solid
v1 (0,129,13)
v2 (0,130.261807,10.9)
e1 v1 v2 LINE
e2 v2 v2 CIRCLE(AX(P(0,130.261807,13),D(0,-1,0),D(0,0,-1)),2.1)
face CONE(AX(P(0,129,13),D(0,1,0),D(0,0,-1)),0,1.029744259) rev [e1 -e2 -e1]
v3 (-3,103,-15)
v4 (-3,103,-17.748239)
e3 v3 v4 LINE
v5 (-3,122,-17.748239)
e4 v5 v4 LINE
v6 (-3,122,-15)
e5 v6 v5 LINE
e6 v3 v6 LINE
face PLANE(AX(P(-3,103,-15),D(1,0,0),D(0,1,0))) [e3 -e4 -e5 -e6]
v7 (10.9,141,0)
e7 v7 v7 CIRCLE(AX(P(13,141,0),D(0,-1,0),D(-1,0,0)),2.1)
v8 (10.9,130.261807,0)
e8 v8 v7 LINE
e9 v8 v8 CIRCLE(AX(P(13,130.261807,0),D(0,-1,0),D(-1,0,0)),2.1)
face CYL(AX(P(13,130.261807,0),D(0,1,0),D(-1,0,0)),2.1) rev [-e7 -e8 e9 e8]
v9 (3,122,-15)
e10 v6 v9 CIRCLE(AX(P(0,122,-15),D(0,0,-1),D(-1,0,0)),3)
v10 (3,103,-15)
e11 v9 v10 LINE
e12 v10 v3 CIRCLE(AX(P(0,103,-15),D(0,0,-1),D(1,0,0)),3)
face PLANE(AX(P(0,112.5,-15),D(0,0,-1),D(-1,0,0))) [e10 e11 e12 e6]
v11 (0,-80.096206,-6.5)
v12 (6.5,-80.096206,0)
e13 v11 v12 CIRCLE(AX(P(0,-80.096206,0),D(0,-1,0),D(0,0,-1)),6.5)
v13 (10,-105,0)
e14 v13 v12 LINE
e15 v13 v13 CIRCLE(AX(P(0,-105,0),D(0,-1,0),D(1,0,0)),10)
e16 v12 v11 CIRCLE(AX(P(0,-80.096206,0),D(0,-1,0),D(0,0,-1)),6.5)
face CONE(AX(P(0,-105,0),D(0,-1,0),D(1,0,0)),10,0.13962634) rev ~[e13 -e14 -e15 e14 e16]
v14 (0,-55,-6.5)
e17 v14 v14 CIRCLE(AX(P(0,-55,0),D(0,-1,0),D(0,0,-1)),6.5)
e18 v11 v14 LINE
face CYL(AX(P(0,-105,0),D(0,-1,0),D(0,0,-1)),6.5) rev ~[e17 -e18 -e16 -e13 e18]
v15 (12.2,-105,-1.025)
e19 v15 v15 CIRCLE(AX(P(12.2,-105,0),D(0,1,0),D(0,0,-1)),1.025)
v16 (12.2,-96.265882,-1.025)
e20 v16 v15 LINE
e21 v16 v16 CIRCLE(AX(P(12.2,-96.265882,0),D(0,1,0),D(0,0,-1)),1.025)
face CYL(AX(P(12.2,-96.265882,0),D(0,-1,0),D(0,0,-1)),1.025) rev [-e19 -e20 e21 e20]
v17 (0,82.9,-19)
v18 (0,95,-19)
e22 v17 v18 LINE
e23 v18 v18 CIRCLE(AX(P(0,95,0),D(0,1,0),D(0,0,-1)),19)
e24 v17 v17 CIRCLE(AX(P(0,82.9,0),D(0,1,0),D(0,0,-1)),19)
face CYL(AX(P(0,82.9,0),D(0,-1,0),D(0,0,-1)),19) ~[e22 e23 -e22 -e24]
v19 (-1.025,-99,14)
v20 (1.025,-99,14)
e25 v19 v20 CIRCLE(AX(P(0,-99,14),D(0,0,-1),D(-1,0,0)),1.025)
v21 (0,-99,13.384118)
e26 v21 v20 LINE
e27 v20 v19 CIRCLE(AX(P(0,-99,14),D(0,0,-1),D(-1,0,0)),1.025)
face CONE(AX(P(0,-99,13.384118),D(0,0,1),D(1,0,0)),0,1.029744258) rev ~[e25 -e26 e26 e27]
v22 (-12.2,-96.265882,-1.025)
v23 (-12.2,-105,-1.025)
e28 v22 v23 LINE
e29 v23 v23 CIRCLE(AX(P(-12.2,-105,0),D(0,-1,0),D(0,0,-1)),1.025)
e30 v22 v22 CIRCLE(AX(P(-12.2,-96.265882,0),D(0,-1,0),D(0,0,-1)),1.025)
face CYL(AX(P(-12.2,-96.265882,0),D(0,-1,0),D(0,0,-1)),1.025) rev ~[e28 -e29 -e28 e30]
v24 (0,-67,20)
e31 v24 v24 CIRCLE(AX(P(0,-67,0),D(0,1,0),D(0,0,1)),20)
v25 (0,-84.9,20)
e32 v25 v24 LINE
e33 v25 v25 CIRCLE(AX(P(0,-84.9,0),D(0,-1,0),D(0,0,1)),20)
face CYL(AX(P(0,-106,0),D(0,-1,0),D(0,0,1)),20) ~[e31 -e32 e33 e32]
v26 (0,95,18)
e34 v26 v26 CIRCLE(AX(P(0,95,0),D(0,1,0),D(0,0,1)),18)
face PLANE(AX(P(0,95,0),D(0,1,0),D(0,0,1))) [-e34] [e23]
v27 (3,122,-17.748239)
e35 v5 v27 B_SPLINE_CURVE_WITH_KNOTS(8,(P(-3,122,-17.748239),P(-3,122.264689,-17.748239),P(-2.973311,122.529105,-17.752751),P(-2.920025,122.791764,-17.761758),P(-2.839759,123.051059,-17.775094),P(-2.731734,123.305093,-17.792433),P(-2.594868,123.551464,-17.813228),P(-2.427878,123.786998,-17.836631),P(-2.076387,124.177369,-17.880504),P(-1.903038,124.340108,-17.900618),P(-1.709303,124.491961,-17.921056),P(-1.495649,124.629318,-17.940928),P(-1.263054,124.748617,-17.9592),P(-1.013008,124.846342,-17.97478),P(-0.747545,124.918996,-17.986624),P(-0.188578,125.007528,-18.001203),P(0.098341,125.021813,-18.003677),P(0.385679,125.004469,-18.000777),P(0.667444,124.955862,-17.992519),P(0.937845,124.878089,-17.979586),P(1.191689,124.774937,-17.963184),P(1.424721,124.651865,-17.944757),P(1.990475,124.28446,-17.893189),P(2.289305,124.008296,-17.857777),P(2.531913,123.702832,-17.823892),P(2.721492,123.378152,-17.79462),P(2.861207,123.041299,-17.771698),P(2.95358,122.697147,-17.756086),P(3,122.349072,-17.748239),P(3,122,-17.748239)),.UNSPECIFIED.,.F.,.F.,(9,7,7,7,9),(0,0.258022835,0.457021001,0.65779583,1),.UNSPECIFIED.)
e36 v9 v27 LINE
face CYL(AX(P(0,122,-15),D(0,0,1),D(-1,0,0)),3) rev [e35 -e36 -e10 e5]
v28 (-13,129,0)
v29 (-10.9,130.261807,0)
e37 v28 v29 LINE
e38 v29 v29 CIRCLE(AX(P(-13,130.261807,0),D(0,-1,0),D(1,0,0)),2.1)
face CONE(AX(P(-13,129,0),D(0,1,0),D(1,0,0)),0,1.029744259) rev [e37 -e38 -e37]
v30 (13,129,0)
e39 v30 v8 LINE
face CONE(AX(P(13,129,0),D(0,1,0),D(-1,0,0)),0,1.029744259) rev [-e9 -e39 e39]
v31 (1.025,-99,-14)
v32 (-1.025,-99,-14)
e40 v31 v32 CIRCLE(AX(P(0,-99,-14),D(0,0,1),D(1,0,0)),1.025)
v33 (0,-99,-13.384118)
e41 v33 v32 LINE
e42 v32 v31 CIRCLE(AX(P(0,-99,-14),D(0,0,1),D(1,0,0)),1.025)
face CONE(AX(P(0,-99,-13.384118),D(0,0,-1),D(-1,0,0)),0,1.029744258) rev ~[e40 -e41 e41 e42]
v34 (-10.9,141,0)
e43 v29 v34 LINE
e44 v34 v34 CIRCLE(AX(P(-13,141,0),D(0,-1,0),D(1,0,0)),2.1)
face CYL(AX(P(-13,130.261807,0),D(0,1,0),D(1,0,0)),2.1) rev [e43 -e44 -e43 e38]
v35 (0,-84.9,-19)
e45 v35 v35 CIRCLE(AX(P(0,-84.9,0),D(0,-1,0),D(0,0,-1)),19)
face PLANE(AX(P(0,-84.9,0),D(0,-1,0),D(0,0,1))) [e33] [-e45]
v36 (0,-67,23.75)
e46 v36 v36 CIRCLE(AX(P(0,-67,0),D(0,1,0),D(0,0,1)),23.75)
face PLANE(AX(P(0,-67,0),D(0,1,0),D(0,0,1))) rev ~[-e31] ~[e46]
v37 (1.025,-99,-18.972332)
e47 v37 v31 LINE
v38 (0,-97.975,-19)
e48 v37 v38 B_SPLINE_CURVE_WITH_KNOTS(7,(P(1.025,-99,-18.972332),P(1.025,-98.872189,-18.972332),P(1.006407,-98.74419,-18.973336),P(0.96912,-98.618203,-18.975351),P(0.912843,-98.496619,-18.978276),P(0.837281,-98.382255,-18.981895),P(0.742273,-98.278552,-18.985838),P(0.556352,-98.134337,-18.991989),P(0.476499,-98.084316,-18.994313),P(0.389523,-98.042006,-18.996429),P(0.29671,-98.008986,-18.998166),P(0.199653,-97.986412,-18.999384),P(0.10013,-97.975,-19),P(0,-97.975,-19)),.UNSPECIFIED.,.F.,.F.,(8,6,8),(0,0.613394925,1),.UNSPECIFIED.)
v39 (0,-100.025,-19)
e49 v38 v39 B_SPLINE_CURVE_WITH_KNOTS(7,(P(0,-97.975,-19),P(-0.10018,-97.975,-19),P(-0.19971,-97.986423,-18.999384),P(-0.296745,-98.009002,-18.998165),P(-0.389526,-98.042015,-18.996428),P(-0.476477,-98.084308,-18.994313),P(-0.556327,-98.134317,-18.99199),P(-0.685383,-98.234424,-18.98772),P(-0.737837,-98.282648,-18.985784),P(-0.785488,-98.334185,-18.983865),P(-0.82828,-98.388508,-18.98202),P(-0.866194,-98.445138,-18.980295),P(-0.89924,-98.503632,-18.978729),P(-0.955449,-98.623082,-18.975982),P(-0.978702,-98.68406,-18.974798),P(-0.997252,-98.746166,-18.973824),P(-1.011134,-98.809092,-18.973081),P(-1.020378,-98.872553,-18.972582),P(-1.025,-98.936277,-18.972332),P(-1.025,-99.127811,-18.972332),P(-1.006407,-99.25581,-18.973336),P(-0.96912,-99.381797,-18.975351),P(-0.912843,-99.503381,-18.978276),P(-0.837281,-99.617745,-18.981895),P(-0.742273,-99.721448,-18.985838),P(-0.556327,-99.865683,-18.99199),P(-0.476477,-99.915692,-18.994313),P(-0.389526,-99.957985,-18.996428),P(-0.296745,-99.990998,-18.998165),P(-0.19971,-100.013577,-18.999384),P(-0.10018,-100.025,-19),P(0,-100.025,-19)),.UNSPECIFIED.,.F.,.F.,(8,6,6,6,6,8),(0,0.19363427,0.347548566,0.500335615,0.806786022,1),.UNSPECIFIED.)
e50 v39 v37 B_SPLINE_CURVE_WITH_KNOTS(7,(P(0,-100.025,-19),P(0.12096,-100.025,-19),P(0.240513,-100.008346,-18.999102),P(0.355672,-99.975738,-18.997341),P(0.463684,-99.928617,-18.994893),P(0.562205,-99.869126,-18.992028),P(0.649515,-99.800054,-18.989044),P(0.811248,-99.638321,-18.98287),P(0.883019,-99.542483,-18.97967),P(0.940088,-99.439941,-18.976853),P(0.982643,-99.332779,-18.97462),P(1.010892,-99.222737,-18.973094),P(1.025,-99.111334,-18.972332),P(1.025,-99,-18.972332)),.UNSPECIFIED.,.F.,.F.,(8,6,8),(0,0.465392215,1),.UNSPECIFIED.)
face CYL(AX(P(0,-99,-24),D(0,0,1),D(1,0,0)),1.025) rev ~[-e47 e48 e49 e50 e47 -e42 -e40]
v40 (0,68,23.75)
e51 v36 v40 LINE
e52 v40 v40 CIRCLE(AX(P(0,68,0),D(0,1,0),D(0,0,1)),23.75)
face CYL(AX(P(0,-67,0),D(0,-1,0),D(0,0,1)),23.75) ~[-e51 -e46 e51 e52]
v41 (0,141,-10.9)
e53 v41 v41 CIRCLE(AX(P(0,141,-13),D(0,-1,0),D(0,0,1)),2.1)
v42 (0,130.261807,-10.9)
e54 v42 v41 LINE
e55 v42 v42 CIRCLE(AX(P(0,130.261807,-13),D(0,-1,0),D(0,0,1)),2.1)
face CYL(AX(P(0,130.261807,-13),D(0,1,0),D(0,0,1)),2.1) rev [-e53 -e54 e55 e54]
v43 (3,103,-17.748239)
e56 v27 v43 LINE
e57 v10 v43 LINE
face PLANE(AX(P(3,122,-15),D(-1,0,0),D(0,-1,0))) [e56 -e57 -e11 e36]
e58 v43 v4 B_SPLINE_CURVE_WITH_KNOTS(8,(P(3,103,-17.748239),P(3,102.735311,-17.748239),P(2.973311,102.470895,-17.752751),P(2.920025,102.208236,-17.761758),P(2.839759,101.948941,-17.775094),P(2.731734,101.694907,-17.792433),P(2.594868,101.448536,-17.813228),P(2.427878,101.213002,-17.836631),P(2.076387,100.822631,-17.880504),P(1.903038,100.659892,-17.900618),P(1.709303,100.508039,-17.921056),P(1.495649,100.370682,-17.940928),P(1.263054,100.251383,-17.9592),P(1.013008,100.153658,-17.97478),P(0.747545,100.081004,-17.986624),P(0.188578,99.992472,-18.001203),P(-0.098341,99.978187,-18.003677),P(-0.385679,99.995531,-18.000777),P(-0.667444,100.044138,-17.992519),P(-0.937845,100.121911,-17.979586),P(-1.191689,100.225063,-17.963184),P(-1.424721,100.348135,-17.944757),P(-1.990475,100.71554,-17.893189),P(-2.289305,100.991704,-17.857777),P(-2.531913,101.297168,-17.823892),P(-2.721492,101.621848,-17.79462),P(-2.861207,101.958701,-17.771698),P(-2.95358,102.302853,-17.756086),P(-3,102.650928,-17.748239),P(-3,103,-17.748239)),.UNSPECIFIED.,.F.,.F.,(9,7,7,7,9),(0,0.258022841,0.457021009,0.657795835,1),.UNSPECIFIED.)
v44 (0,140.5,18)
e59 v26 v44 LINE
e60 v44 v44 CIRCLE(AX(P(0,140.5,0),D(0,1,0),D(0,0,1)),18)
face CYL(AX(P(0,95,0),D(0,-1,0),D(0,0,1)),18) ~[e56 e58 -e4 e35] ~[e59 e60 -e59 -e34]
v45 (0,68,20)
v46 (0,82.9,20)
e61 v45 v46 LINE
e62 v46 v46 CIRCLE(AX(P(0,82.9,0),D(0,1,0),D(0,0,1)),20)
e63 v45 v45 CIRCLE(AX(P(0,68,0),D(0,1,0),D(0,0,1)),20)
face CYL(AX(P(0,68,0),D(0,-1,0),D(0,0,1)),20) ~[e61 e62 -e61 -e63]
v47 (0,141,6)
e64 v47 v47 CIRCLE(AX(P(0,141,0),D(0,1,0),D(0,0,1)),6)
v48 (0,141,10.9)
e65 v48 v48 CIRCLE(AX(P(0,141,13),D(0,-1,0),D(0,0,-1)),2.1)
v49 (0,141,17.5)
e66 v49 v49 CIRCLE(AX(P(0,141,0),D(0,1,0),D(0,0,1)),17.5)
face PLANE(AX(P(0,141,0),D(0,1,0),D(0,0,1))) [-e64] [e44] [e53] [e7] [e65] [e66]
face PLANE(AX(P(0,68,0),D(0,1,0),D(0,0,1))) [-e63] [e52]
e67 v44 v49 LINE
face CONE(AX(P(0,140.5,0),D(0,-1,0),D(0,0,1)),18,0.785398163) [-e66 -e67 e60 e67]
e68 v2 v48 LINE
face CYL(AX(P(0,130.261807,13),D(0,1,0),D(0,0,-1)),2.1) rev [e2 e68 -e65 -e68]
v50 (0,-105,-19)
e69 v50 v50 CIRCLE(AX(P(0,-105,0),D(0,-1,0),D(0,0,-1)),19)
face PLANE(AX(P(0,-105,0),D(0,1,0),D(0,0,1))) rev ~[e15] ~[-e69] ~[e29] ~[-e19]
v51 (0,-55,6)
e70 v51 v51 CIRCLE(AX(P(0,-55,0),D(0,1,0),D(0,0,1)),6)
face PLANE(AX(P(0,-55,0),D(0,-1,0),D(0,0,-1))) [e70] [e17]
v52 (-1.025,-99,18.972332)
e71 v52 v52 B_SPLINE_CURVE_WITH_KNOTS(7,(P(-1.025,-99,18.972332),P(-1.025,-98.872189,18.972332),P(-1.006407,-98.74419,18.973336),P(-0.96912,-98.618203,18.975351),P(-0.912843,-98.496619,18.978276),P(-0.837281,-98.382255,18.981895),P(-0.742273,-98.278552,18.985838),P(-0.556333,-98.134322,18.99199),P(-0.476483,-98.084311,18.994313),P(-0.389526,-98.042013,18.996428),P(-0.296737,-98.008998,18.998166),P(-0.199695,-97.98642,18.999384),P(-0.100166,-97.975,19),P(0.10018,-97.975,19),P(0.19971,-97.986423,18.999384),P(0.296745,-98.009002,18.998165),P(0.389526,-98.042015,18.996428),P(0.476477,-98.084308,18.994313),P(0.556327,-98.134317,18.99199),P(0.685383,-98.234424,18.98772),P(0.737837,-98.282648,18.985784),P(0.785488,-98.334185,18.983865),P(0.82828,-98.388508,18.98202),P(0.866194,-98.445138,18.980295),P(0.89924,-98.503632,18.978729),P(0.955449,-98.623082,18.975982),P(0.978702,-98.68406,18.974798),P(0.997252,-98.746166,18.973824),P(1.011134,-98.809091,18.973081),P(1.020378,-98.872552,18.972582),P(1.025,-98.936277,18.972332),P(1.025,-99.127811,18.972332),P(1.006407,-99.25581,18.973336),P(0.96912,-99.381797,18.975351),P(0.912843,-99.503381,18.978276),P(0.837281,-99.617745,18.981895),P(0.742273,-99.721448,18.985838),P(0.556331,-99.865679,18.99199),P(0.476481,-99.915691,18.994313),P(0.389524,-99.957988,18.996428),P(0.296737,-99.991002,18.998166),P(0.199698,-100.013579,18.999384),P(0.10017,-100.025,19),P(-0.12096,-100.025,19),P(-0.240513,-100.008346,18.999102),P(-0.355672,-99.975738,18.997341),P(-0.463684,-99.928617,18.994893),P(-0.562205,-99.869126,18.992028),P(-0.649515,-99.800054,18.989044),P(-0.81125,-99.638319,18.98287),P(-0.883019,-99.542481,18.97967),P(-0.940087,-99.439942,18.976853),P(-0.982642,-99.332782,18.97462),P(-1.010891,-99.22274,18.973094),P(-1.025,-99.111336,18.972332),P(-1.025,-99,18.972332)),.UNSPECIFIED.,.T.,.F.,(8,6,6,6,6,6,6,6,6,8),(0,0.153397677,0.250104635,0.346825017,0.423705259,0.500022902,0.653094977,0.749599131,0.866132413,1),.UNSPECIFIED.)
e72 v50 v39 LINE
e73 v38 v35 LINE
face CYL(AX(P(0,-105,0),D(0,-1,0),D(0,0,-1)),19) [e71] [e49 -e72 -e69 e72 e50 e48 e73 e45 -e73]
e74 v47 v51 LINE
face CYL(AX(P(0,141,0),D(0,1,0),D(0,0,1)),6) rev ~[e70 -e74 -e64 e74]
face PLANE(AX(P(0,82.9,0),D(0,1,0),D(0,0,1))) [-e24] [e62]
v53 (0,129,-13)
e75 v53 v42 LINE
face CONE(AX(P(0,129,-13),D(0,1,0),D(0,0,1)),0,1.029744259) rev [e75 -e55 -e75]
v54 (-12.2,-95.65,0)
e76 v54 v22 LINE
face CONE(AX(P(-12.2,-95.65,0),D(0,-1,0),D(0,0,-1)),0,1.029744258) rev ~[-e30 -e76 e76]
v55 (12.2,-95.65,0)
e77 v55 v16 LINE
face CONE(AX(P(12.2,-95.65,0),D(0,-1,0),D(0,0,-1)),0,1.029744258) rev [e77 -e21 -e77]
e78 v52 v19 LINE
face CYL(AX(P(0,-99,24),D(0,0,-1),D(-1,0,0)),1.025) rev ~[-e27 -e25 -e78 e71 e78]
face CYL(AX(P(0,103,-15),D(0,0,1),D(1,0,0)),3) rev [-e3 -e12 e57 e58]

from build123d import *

# Parameters (mm, degrees)
BOSS_EXTRUDE1_DEPTH                    = 95
BOSS_EXTRUDE1_DEPTH_BACK               = 105
SKETCH1_R                              = 25
SKETCH2_R                              = 18
BOSS_EXTRUDE2_DEPTH                    = 46
CUT_EXTRUDE1_DEPTH                     = 10
CHAMFER1_SIZE                          = 0.5
SKETCH9_R                              = 10
CUT_EXTRUDE2_DEPTH                     = 30
CUT_EXTRUDE2_DRAFT                     = -8
SKETCH10_R                             = 6.5
CUT_EXTRUDE3_DEPTH                     = 50
SKETCH11_R                             = 6
CUT_EXTRUDE4_DEPTH                     = 249.527664456
CIRPATTERN1_COUNT                      = 4
CUT_EXTRUDE6_START                     = 69
SKETCH21_R                             = 25
SKETCH21_R_2                           = 20
CUT_EXTRUDE6_DEPTH                     = 27
CUT_EXTRUDE7_START                     = -105
SKETCH21_2_R                           = 25
SKETCH21_2_R_2                         = 20
CUT_EXTRUDE7_DEPTH                     = 39
CUT_EXTRUDE8_START                     = -162
SKETCH23_R                             = 25
SKETCH23_R_2                           = 23.75
CUT_EXTRUDE8_DEPTH                     = 135
SKETCH24_R                             = 20
SKETCH24_R_2                           = 19
CUT_EXTRUDE9_DEPTH                     = 20.1
M2_5X0_45_TAPPED_HOLE2_D               = 2.05
M2_5X0_45_TAPPED_HOLE2_DEPTH           = 5
M2_5X0_45_TAPPED_HOLE2_TIP             = 0.615882135
M2_5X0_45_TAPPED_HOLE2_ON_FACE_2_D     = 2.05
M2_5X0_45_TAPPED_HOLE2_ON_FACE_2_DEPTH = 5
M2_5X0_45_TAPPED_HOLE2_ON_FACE_2_TIP   = 0.615882135
CUT_EXTRUDE10_START                    = -12.1
SKETCH25_R                             = 20
SKETCH25_R_2                           = 19
CUT_EXTRUDE10_DEPTH                    = 12.1


with BuildPart() as part:
    # Sketch1 → Boss-Extrude1 (new, two sides: drawn at the far end of the back side and taken through both)
    with BuildSketch(Plane(origin=(0, 0, 0), x_dir=(1, 0, 0), z_dir=(0, 1, 0)).offset(-BOSS_EXTRUDE1_DEPTH_BACK)):
        Circle(SKETCH1_R)
    extrude(amount=BOSS_EXTRUDE1_DEPTH + BOSS_EXTRUDE1_DEPTH_BACK)

    # Sketch2 → Boss-Extrude2 (add)
    with BuildSketch(Plane(origin=(0, 95, 0), x_dir=(1, 0, 0), z_dir=(0, 1, 0))):
        Circle(SKETCH2_R)
    extrude(amount=BOSS_EXTRUDE2_DEPTH)

    # Sketch8 → Cut-Extrude1 (cut)
    with BuildSketch(Plane.XY.offset(-15)):
        with BuildLine():
            Line((3, 122), (3, 103))
            ThreePointArc((3, 103), (0, 100), (-3, 103))
            Line((-3, 103), (-3, 122))
            ThreePointArc((-3, 122), (0, 125), (3, 122))
        make_face()
    extrude(amount=-CUT_EXTRUDE1_DEPTH, mode=Mode.SUBTRACT)

    # Chamfer1
    chamfer1_edges = [part.edges().sort_by_distance(p)[0] for p in [
        (-18, 141, 0),
    ]]
    chamfer(chamfer1_edges, length=CHAMFER1_SIZE)


with BuildPart() as cut_extrude2_tool:
    # Sketch9 → Cut-Extrude2 (with draft: the straight prism first)
    with BuildSketch(Plane.XZ.offset(105)):
        Circle(SKETCH9_R)
    extrude(amount=-CUT_EXTRUDE2_DEPTH)
    # Cut-Extrude2: the draft: its side faces are tilted about the plane it starts from
    cut_extrude2_sides = [cut_extrude2_tool.faces().sort_by_distance(p)[0] for p in [
        (-10, -90, 0),
    ]]
    draft(cut_extrude2_sides, Plane.XZ.offset(105), CUT_EXTRUDE2_DRAFT)


with BuildPart() as part_1:
    add(part.part)

    # Cut-Extrude2: cut by cut_extrude2_tool
    add(cut_extrude2_tool.part, mode=Mode.SUBTRACT)

    # Sketch10 → Cut-Extrude3 (cut)
    with BuildSketch(Plane.XZ.offset(105)):
        Circle(SKETCH10_R)
    extrude(amount=-CUT_EXTRUDE3_DEPTH, mode=Mode.SUBTRACT)

    # Sketch11 → Cut-Extrude4 (cut, through all)
    with BuildSketch(Plane(origin=(0, 141, 0), x_dir=(1, 0, 0), z_dir=(0, 1, 0))):
        Circle(SKETCH11_R)
    extrude(amount=-CUT_EXTRUDE4_DEPTH, mode=Mode.SUBTRACT)

    # Sketch15 → M5x0.8 Tapped Hole1 (revolve, cut)
    with BuildSketch(Plane(origin=(0, 141, -13), x_dir=(0, 0, 1), z_dir=(1, 0, 0))):
        Polygon((0, 0), (0, 12), (2.1, 10.7381927), (2.1, 0), align=None)
    m5x0_8_tapped_hole1 = revolve(axis=Axis((0, 147.35, -13), (0, -1, 0)), mode=Mode.SUBTRACT)

    # CirPattern1: M5x0.8 Tapped Hole1 ×4 about axis
    cirpattern1_axis = Axis((0, -105, 0), (0, 1, 0))
    for i in range(1, CIRPATTERN1_COUNT):
        add(m5x0_8_tapped_hole1.rotate(cirpattern1_axis, i * 360 / CIRPATTERN1_COUNT), mode=Mode.SUBTRACT)

    # Sketch20 → M2.5x0.45 Tapped Hole1 (revolve, cut)
    with BuildSketch(Plane(origin=(12.2, -105, 0), x_dir=(0, 0, -1), z_dir=(1, 0, 0))):
        Polygon((0, 0), (0, 9.35), (1.025, 8.734117865), (1.025, 0), align=None)
    m2_5x0_45_tapped_hole1 = revolve(axis=Axis((12.2, -111.35, 0), (0, 1, 0)), mode=Mode.SUBTRACT)

    # Mirror2: M2.5x0.45 Tapped Hole1 across plane
    add(m2_5x0_45_tapped_hole1.mirror(Plane(origin=(0, 0, 0), x_dir=(0, 0, 1), z_dir=(1, 0, 0))), mode=Mode.SUBTRACT)

    # Sketch21 → Cut-Extrude6 (cut)
    with BuildSketch(Plane(origin=(0, -1, 0), x_dir=(1, 0, 0), z_dir=(0, 1, 0)).offset(CUT_EXTRUDE6_START)):
        Circle(SKETCH21_R)
        Circle(SKETCH21_R_2, mode=Mode.SUBTRACT)
    extrude(amount=CUT_EXTRUDE6_DEPTH, mode=Mode.SUBTRACT)

    # Sketch21<2> → Cut-Extrude7 (cut)
    with BuildSketch(Plane(origin=(0, -1, 0), x_dir=(1, 0, 0), z_dir=(0, 1, 0)).offset(CUT_EXTRUDE7_START)):
        Circle(SKETCH21_2_R)
        Circle(SKETCH21_2_R_2, mode=Mode.SUBTRACT)
    extrude(amount=CUT_EXTRUDE7_DEPTH, mode=Mode.SUBTRACT)

    # Sketch23 → Cut-Extrude8 (cut)
    with BuildSketch(Plane(origin=(0, 95, 0), x_dir=(1, 0, 0), z_dir=(0, 1, 0)).offset(CUT_EXTRUDE8_START)):
        Circle(SKETCH23_R)
        Circle(SKETCH23_R_2, mode=Mode.SUBTRACT)
    extrude(amount=CUT_EXTRUDE8_DEPTH, mode=Mode.SUBTRACT)

    # Sketch24 → Cut-Extrude9 (cut)
    with BuildSketch(Plane.XZ.offset(105)):
        Circle(SKETCH24_R)
        Circle(SKETCH24_R_2, mode=Mode.SUBTRACT)
    extrude(amount=-CUT_EXTRUDE9_DEPTH, mode=Mode.SUBTRACT)

    # M2.5x0.45 Tapped Hole2
    with Locations(Plane(origin=(0, -99, -19), x_dir=(-1, 0, 0), z_dir=(0, 0, -1))):
        with Locations((0, 0)):
            Hole(M2_5X0_45_TAPPED_HOLE2_D / 2, depth=M2_5X0_45_TAPPED_HOLE2_DEPTH)
            with Locations((0, 0, -(M2_5X0_45_TAPPED_HOLE2_DEPTH + M2_5X0_45_TAPPED_HOLE2_TIP / 2))):  # 118° drill point
                Cone(0, M2_5X0_45_TAPPED_HOLE2_D / 2, M2_5X0_45_TAPPED_HOLE2_TIP, mode=Mode.SUBTRACT)

    # M2.5x0.45 Tapped Hole2 on face 2
    with Locations(Plane(origin=(0, -99, 19), x_dir=(1, 0, 0), z_dir=(0, 0, 1))):
        with Locations((0, 0)):
            Hole(M2_5X0_45_TAPPED_HOLE2_ON_FACE_2_D / 2, depth=M2_5X0_45_TAPPED_HOLE2_ON_FACE_2_DEPTH)
            with Locations((0, 0, -(M2_5X0_45_TAPPED_HOLE2_ON_FACE_2_DEPTH + M2_5X0_45_TAPPED_HOLE2_ON_FACE_2_TIP / 2))):  # 118° drill point
                Cone(0, M2_5X0_45_TAPPED_HOLE2_ON_FACE_2_D / 2, M2_5X0_45_TAPPED_HOLE2_ON_FACE_2_TIP, mode=Mode.SUBTRACT)

    # Sketch25 → Cut-Extrude10 (cut)
    with BuildSketch(Plane(origin=(0, 95, 0), x_dir=(1, 0, 0), z_dir=(0, 1, 0)).offset(CUT_EXTRUDE10_START)):
        Circle(SKETCH25_R)
        Circle(SKETCH25_R_2, mode=Mode.SUBTRACT)
    extrude(amount=CUT_EXTRUDE10_DEPTH, mode=Mode.SUBTRACT)


solid = part_1.part
